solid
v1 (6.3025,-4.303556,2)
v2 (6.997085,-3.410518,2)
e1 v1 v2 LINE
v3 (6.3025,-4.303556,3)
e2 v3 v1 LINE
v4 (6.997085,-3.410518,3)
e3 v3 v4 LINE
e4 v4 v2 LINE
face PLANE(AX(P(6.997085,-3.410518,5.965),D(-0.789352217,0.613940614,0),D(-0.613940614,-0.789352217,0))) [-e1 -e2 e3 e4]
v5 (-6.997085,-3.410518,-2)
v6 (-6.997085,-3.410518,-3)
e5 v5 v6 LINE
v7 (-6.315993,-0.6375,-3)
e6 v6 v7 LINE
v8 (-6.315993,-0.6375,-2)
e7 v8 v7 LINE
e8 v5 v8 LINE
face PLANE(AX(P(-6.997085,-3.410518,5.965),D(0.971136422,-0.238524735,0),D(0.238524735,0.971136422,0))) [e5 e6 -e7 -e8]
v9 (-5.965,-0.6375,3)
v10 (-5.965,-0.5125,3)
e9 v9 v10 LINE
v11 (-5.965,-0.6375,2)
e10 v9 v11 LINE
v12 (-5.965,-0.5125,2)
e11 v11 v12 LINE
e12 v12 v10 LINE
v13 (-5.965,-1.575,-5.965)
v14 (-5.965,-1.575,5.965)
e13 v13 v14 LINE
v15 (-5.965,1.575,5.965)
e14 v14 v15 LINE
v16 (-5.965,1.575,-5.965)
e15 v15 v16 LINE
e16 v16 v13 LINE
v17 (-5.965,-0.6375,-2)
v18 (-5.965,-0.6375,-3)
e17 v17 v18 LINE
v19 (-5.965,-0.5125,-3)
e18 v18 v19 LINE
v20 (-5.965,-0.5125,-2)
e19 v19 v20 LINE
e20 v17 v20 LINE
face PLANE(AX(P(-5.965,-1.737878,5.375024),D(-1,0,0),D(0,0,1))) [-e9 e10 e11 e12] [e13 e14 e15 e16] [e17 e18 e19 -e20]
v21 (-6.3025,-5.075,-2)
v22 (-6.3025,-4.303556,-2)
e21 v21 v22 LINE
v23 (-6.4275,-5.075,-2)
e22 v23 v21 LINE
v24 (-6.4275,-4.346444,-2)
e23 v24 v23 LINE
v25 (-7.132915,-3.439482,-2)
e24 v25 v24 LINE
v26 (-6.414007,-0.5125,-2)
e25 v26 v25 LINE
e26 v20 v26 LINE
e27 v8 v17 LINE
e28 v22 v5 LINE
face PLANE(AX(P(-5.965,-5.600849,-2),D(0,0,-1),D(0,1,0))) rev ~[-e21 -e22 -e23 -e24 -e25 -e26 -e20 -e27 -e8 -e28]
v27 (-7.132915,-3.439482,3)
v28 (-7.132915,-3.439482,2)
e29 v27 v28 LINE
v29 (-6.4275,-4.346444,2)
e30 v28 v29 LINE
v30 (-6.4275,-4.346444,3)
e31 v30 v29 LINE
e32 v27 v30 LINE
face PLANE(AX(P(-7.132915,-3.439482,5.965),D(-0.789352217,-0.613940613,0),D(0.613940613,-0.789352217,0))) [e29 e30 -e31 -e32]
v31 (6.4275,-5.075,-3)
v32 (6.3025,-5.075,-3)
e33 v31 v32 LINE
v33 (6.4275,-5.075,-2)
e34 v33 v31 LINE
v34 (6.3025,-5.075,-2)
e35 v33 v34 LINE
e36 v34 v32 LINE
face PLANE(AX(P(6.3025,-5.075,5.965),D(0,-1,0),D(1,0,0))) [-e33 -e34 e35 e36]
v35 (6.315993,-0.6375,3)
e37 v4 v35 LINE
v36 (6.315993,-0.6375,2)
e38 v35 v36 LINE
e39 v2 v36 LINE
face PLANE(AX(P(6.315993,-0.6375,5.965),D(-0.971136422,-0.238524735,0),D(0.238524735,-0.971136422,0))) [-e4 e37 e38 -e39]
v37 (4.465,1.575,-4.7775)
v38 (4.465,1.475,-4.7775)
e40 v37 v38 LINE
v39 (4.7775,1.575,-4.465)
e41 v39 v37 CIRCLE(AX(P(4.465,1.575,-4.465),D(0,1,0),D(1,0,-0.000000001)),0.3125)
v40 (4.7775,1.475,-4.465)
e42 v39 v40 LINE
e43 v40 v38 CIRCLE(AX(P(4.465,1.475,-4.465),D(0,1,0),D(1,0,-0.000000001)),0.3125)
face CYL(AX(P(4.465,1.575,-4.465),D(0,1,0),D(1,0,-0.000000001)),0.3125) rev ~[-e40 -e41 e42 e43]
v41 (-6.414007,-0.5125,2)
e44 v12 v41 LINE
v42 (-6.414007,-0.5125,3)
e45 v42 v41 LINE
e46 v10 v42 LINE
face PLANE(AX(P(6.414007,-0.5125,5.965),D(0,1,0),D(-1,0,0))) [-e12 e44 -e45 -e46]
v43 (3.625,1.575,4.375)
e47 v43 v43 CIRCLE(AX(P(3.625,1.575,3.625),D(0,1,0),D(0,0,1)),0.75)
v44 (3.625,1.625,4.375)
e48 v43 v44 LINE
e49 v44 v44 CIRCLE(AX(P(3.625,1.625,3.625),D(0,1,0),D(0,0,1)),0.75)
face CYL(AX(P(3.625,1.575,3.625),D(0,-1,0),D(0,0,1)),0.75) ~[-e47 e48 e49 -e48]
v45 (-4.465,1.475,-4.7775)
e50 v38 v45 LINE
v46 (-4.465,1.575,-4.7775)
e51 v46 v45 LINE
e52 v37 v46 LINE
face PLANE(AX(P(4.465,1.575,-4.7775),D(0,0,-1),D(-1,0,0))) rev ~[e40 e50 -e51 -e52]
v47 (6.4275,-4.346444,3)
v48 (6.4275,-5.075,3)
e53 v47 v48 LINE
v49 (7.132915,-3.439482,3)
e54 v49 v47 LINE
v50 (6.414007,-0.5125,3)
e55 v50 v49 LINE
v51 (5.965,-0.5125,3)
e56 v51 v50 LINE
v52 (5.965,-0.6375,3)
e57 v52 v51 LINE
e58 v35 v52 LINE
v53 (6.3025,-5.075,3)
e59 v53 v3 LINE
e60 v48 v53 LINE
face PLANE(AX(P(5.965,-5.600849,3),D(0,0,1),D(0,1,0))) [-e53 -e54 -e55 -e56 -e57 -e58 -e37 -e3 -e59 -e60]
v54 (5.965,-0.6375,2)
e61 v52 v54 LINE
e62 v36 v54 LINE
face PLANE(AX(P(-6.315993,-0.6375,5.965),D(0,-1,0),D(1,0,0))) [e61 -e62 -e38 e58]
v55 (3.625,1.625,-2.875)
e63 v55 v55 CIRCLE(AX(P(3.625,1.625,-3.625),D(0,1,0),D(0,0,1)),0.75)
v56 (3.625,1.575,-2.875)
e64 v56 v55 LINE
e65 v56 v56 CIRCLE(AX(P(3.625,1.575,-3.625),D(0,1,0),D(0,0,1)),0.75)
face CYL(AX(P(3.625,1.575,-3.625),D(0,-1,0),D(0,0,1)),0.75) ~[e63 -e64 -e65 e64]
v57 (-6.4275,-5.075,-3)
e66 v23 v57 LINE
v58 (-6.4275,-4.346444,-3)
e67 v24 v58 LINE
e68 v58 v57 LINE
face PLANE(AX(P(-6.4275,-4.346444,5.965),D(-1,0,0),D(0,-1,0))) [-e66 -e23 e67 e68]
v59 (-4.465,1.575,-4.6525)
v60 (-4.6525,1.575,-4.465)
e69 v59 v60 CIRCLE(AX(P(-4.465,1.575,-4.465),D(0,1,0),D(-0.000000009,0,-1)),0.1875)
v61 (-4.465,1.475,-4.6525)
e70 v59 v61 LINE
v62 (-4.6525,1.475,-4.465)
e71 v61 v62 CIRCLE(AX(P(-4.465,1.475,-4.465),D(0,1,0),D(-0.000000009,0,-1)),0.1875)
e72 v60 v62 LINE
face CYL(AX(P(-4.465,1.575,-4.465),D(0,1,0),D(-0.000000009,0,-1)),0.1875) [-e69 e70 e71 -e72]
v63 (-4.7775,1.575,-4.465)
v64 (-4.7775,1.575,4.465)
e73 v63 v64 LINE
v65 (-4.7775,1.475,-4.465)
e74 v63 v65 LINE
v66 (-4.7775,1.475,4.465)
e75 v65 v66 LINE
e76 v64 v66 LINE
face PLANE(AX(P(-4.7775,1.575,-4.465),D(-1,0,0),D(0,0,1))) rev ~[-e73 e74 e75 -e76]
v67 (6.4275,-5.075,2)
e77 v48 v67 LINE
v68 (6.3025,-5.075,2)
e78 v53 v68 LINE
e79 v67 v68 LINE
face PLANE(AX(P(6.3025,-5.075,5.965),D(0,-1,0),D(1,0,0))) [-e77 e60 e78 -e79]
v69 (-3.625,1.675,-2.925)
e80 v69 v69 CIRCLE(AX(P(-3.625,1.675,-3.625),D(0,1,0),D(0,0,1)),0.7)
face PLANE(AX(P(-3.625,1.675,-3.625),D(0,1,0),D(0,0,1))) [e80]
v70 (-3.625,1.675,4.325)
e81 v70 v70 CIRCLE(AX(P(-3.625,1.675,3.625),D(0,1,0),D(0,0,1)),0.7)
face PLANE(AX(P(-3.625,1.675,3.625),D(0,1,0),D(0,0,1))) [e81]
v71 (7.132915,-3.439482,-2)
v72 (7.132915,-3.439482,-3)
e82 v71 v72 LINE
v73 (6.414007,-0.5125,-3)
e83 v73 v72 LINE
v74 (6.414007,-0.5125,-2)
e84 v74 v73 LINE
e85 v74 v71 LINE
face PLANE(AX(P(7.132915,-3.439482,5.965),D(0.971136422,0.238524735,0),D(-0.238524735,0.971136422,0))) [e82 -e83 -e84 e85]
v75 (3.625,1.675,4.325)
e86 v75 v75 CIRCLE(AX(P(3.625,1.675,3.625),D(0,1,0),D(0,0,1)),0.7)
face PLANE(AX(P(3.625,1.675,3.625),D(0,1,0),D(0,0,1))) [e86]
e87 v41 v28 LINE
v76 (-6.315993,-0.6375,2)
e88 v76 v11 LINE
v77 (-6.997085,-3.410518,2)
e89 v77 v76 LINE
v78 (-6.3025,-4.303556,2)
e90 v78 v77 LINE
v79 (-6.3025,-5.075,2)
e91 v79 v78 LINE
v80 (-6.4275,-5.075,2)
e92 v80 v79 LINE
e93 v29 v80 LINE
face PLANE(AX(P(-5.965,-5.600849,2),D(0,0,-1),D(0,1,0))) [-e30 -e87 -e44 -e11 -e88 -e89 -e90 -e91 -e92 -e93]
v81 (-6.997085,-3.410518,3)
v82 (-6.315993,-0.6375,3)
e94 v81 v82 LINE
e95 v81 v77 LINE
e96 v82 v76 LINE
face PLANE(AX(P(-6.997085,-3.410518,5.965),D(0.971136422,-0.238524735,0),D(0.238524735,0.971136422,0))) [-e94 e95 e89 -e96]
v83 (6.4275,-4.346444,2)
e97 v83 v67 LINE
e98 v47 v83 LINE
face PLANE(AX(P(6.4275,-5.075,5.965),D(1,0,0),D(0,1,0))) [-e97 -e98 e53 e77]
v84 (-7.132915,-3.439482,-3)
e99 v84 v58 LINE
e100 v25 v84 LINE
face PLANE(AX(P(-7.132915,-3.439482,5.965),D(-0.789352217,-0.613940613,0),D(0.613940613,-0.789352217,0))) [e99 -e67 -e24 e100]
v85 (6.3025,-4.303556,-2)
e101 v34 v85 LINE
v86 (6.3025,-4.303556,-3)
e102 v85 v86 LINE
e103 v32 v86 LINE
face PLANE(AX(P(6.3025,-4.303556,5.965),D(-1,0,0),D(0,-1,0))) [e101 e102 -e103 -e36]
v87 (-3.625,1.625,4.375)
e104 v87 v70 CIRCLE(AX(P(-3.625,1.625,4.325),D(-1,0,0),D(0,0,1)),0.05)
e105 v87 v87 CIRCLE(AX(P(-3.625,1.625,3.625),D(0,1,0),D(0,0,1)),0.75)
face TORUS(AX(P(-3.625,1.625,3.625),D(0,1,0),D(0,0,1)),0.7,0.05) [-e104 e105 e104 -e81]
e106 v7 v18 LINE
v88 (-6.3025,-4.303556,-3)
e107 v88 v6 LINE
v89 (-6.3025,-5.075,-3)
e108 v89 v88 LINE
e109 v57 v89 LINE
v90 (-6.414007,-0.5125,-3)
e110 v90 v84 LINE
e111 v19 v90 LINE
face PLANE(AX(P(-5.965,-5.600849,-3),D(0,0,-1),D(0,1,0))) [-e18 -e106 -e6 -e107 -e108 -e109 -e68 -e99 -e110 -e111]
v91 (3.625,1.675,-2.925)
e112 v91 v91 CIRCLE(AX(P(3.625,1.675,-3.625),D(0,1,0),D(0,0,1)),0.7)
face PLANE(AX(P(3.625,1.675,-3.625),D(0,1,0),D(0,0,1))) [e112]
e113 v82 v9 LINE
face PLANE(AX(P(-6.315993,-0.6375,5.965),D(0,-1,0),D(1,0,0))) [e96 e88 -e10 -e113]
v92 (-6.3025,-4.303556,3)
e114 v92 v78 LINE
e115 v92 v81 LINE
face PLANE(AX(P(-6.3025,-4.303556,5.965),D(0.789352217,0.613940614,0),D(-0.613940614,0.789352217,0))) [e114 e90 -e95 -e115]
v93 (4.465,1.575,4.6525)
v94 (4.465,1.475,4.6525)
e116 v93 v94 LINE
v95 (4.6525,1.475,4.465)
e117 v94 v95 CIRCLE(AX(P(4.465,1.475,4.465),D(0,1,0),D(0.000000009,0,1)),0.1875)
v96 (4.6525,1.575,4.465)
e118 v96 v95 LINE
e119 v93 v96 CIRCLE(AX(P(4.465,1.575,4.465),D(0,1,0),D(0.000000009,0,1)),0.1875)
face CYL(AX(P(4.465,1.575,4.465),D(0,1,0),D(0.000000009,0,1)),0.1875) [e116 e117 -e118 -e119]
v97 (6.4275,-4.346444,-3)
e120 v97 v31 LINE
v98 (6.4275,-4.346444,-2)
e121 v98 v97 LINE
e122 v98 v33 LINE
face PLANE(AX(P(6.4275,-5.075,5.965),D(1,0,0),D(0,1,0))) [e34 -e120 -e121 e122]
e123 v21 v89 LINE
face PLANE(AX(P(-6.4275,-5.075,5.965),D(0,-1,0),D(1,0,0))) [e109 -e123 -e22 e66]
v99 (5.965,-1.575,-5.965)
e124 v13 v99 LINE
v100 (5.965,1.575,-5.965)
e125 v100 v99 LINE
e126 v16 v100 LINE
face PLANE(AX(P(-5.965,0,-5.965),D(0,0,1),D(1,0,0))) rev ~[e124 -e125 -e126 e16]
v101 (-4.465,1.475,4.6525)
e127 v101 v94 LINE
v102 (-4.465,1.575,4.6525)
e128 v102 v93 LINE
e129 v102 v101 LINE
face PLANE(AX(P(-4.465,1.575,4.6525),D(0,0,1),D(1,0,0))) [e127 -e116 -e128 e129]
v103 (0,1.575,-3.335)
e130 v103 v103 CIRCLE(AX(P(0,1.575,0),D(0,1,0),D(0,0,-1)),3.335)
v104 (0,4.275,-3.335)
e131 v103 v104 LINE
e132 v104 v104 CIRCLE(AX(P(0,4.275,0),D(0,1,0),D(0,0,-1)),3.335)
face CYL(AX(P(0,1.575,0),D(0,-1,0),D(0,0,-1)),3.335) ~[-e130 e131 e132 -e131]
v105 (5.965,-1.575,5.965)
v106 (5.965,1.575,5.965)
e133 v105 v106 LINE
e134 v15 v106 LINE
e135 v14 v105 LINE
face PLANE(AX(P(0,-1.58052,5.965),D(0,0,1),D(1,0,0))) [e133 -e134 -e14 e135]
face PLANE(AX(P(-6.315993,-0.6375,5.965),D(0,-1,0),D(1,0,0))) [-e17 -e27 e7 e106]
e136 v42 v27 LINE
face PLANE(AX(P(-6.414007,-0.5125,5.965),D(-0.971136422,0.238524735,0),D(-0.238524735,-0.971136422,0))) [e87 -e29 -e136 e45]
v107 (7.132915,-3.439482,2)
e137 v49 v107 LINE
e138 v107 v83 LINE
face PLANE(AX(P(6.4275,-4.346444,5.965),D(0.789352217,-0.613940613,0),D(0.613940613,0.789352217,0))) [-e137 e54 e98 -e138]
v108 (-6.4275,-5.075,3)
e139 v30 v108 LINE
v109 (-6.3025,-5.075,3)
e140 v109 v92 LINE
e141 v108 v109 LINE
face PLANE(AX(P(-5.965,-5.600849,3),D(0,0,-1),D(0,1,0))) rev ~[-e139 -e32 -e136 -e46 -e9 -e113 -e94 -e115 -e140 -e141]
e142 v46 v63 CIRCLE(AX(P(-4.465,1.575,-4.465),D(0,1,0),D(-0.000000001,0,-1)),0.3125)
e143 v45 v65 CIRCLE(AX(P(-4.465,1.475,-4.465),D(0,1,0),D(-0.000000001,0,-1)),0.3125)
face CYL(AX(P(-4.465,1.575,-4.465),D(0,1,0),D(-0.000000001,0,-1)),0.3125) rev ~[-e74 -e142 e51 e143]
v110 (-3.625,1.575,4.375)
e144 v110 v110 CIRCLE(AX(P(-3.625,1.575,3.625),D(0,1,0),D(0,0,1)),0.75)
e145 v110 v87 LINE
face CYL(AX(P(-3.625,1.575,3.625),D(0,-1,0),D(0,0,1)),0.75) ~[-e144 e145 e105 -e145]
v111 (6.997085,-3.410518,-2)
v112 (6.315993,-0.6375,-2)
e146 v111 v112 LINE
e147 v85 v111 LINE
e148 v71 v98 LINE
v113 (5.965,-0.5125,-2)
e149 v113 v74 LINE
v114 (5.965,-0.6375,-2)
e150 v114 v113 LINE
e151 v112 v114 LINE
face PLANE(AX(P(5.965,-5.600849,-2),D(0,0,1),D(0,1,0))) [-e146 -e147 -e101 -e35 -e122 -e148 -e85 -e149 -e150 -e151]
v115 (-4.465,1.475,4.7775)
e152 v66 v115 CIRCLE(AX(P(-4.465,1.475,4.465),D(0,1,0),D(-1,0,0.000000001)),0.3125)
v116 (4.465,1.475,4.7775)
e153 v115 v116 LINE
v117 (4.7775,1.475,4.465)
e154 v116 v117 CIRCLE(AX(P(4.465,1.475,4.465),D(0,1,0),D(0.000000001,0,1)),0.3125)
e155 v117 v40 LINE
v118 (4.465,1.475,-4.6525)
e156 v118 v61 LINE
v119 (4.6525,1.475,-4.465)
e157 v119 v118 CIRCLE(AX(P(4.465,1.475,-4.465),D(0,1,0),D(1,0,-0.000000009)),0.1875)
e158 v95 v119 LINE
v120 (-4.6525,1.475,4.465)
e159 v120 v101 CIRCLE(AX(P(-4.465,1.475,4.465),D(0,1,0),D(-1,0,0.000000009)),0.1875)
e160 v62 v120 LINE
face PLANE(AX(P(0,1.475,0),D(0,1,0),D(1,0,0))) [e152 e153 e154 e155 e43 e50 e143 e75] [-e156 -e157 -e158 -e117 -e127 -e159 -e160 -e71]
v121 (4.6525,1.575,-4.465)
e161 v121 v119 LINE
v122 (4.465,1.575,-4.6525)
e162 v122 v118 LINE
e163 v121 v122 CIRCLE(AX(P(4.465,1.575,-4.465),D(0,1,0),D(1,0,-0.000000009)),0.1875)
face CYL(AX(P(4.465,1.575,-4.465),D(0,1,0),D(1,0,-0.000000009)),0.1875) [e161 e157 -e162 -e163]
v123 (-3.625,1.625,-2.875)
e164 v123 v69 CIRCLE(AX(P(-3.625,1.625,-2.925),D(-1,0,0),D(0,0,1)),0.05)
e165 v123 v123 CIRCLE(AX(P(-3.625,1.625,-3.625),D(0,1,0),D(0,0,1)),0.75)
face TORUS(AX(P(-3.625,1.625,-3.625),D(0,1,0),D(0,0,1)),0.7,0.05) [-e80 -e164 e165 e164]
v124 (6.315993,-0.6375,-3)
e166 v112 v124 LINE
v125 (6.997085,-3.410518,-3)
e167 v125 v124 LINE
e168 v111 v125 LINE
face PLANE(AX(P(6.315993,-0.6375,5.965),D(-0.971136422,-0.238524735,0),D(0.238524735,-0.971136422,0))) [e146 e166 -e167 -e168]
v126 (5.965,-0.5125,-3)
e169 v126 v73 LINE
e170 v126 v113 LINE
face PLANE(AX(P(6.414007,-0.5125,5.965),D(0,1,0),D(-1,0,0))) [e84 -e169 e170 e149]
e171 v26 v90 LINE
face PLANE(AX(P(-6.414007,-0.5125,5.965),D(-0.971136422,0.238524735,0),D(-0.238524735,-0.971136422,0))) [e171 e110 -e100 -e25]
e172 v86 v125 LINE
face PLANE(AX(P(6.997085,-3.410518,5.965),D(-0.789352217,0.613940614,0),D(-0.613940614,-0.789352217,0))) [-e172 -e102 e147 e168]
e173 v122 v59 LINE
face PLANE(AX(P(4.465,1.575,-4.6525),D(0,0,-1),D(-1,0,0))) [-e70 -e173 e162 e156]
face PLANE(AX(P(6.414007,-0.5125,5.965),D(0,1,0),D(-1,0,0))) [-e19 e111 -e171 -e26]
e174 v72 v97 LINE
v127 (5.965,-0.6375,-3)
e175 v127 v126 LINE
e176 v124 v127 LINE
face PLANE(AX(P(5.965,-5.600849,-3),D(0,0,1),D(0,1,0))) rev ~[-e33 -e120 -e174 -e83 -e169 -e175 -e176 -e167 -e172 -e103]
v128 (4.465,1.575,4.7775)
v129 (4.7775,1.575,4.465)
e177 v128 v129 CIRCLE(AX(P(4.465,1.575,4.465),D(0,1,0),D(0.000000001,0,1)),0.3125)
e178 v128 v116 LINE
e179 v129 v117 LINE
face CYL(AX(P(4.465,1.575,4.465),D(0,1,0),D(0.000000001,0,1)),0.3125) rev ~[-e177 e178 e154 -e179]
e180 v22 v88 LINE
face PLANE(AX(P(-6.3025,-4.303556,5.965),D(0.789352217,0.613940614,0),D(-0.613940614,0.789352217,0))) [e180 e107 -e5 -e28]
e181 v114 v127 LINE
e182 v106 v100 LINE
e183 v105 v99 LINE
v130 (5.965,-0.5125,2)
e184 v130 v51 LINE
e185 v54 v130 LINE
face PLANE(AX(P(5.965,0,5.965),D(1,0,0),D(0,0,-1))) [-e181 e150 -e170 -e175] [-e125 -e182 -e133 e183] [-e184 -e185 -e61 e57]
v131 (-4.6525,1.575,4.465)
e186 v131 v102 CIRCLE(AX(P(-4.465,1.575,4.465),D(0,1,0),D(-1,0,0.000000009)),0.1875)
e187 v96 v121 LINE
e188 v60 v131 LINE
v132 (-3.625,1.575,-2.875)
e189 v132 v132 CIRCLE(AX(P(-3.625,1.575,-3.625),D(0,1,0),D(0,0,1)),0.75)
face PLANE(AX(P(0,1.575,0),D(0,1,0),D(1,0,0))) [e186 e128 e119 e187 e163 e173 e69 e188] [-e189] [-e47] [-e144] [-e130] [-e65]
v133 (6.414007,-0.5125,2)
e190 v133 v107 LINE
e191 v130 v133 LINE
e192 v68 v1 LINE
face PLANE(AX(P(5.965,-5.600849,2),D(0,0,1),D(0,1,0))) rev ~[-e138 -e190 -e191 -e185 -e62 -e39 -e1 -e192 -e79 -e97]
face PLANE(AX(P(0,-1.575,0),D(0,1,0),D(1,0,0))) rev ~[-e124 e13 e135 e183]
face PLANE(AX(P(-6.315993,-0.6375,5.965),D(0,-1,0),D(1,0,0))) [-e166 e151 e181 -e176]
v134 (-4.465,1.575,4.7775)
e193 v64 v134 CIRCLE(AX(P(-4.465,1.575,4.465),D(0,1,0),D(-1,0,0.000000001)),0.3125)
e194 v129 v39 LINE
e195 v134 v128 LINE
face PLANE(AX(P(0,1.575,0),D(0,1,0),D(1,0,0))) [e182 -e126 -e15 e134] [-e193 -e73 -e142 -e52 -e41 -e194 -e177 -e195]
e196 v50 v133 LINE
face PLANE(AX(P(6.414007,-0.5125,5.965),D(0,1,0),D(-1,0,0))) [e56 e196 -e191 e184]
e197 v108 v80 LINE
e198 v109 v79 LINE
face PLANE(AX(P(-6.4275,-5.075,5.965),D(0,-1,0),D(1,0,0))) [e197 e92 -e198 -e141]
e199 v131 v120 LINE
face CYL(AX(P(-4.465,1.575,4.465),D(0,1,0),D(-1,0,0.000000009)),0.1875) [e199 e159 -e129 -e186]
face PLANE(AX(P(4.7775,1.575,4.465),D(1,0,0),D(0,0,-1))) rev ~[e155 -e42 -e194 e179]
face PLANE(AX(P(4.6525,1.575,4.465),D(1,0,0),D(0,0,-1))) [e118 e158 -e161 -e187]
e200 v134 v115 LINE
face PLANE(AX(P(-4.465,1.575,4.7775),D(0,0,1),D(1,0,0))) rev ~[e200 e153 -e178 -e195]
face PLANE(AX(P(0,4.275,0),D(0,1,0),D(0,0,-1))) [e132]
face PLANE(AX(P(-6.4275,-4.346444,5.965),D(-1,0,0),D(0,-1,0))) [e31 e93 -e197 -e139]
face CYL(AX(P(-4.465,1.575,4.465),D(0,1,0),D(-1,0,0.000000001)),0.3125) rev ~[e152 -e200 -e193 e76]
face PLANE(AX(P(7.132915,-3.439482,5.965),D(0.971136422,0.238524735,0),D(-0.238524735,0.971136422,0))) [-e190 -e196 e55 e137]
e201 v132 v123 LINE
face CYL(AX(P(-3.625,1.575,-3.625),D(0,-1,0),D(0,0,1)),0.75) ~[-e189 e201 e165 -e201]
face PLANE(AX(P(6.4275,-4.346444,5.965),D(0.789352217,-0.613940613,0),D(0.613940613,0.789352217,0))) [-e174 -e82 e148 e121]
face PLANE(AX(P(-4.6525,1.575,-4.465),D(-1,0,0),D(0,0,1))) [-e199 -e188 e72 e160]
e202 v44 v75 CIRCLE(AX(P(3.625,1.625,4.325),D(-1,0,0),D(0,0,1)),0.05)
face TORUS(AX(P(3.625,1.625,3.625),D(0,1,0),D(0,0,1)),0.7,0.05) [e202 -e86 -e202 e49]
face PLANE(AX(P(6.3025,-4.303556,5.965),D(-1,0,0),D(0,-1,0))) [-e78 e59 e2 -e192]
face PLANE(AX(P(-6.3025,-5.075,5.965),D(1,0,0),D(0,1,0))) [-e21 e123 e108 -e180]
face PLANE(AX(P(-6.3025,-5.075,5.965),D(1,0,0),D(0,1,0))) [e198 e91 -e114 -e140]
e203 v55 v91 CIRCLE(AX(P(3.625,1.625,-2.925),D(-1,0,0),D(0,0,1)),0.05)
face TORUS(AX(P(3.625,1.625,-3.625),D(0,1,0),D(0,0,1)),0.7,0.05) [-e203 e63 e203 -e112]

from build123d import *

# Parameters (mm, degrees)
SKETCH1_W               = 11.93
SKETCH1_H               = 11.93
BOSS_EXTRUDE1_DEPTH     = 1.575
CUT_EXTRUDE_THIN1_DEPTH = 0.1
SKETCH3_R               = 0.75
BOSS_EXTRUDE2_DEPTH     = 0.1
FILLET1_R               = 0.05
SKETCH4_R               = 3.335
BOSS_EXTRUDE3_DEPTH     = 2.7
EXTRUDE_THIN1_DEPTH     = 11.92
SKETCH6_W               = 4
SKETCH6_H               = 7.725942516
SKETCH6_W_2             = 4.750048421
CUT_EXTRUDE1_DEPTH      = 16.26080664
SKETCH7_W               = 4.750048421
SKETCH7_H               = 7.725942516
SKETCH7_W_2             = 4
CUT_EXTRUDE2_DEPTH      = 16.26080664


with BuildPart() as part:
    # Sketch1 → Boss-Extrude1 (new, symmetric)
    with BuildSketch(Plane(origin=(0, 0, 0), x_dir=(1, 0, 0), z_dir=(0, 1, 0))):
        Rectangle(SKETCH1_W, SKETCH1_H)
    extrude(amount=BOSS_EXTRUDE1_DEPTH, both=True)

    # Sketch2 → Cut-Extrude-Thin1 (cut)
    with BuildSketch(Plane(origin=(0, 1.575, 0), x_dir=(1, 0, 0), z_dir=(0, 1, 0))):
        with BuildLine():
            Line((4.465, 4.7775), (-4.465, 4.7775))
            ThreePointArc((-4.465, 4.7775), (-4.685970869, 4.685970869), (-4.7775, 4.465))
            Line((-4.7775, 4.465), (-4.7775, -4.465))
            ThreePointArc((-4.7775, -4.465), (-4.685970869, -4.685970869), (-4.465, -4.7775))
            Line((-4.465, -4.7775), (4.465, -4.7775))
            ThreePointArc((4.465, -4.7775), (4.685970869, -4.685970869), (4.7775, -4.465))
            Line((4.7775, -4.465), (4.7775, 4.465))
            ThreePointArc((4.7775, 4.465), (4.685970869, 4.685970869), (4.465, 4.7775))
        make_face()
        with BuildLine():
            Line((4.465, 4.6525), (-4.465, 4.6525))
            ThreePointArc((-4.465, 4.6525), (-4.597582521, 4.597582521), (-4.6525, 4.465))
            Line((-4.6525, 4.465), (-4.6525, -4.465))
            ThreePointArc((-4.6525, -4.465), (-4.597582521, -4.597582521), (-4.465, -4.6525))
            Line((-4.465, -4.6525), (4.465, -4.6525))
            ThreePointArc((4.465, -4.6525), (4.597582521, -4.597582521), (4.6525, -4.465))
            Line((4.6525, -4.465), (4.6525, 4.465))
            ThreePointArc((4.6525, 4.465), (4.597582521, 4.597582521), (4.465, 4.6525))
        make_face(mode=Mode.SUBTRACT)
    extrude(amount=-CUT_EXTRUDE_THIN1_DEPTH, mode=Mode.SUBTRACT)

    # Sketch3 → Boss-Extrude2 (add)
    with BuildSketch(Plane(origin=(0, 1.575, 0), x_dir=(1, 0, 0), z_dir=(0, 1, 0))):
        with Locations(Location((-3.625, 3.625, 0), (0, 0, 270))):
            Circle(SKETCH3_R)
        with Locations(Location((3.625, 3.625, 0), (0, 0, 270))):
            Circle(SKETCH3_R)
        with Locations(Location((3.625, -3.625, 0), (0, 0, 270))):
            Circle(SKETCH3_R)
        with Locations(Location((-3.625, -3.625, 0), (0, 0, 270))):
            Circle(SKETCH3_R)
    extrude(amount=BOSS_EXTRUDE2_DEPTH)

    # Fillet1
    fillet1_edges = [part.edges().sort_by_distance(p)[0] for p in [
        (-3.625, 1.675, -4.375),
        (3.625, 1.675, -4.375),
        (3.625, 1.675, 2.875),
        (-3.625, 1.675, 2.875),
    ]]
    fillet(fillet1_edges, radius=FILLET1_R)

    # Sketch4 → Boss-Extrude3 (add)
    with BuildSketch(Plane(origin=(0, 1.575, 0), x_dir=(1, 0, 0), z_dir=(0, 1, 0))):
        with Locations(Location((0, 0, 0), (0, 0, 90))):
            Circle(SKETCH4_R)
    extrude(amount=BOSS_EXTRUDE3_DEPTH)

    # Sketch5 → Extrude-Thin1 (add)
    with BuildSketch(Plane.XY.offset(5.965)):
        Polygon((-6.3025, -5.075), (-6.3025, -4.303555766), (-6.997085308, -3.410517513), (-6.315993287, -0.6375), (6.315993287, -0.6375), (6.997085308, -3.410517513), (6.3025, -4.303555766), (6.3025, -5.075), (6.4275, -5.075), (6.4275, -4.346444234), (7.132914692, -3.439482487), (6.414006713, -0.5125), (-6.414006713, -0.5125), (-7.132914692, -3.439482487), (-6.4275, -4.346444234), (-6.4275, -5.075), align=None)
    extrude(amount=-EXTRUDE_THIN1_DEPTH)

    # Sketch6 → Cut-Extrude1 (cut, through all)
    with BuildSketch(Plane(origin=(5.965, 0, 0), x_dir=(0, 0, -1), z_dir=(1, 0, 0))):
        with Locations((0, -1.737877721)):
            Rectangle(SKETCH6_W, SKETCH6_H)
        with Locations((-5.375024211, -1.737877721)):
            Rectangle(SKETCH6_W_2, SKETCH6_H)
        with Locations((5.375024211, -1.737877721)):
            Rectangle(SKETCH6_W_2, SKETCH6_H)
    extrude(amount=CUT_EXTRUDE1_DEPTH, mode=Mode.SUBTRACT)

    # Sketch7 → Cut-Extrude2 (cut, through all)
    with BuildSketch(Plane.ZY.offset(5.965)):
        with Locations((-5.375024211, -1.737877721)):
            Rectangle(SKETCH7_W, SKETCH7_H)
        with Locations((5.375024211, -1.737877721)):
            Rectangle(SKETCH7_W, SKETCH7_H)
        with Locations((0, -1.737877721)):
            Rectangle(SKETCH7_W_2, SKETCH7_H)
    extrude(amount=CUT_EXTRUDE2_DEPTH, mode=Mode.SUBTRACT)


solid = part.part
